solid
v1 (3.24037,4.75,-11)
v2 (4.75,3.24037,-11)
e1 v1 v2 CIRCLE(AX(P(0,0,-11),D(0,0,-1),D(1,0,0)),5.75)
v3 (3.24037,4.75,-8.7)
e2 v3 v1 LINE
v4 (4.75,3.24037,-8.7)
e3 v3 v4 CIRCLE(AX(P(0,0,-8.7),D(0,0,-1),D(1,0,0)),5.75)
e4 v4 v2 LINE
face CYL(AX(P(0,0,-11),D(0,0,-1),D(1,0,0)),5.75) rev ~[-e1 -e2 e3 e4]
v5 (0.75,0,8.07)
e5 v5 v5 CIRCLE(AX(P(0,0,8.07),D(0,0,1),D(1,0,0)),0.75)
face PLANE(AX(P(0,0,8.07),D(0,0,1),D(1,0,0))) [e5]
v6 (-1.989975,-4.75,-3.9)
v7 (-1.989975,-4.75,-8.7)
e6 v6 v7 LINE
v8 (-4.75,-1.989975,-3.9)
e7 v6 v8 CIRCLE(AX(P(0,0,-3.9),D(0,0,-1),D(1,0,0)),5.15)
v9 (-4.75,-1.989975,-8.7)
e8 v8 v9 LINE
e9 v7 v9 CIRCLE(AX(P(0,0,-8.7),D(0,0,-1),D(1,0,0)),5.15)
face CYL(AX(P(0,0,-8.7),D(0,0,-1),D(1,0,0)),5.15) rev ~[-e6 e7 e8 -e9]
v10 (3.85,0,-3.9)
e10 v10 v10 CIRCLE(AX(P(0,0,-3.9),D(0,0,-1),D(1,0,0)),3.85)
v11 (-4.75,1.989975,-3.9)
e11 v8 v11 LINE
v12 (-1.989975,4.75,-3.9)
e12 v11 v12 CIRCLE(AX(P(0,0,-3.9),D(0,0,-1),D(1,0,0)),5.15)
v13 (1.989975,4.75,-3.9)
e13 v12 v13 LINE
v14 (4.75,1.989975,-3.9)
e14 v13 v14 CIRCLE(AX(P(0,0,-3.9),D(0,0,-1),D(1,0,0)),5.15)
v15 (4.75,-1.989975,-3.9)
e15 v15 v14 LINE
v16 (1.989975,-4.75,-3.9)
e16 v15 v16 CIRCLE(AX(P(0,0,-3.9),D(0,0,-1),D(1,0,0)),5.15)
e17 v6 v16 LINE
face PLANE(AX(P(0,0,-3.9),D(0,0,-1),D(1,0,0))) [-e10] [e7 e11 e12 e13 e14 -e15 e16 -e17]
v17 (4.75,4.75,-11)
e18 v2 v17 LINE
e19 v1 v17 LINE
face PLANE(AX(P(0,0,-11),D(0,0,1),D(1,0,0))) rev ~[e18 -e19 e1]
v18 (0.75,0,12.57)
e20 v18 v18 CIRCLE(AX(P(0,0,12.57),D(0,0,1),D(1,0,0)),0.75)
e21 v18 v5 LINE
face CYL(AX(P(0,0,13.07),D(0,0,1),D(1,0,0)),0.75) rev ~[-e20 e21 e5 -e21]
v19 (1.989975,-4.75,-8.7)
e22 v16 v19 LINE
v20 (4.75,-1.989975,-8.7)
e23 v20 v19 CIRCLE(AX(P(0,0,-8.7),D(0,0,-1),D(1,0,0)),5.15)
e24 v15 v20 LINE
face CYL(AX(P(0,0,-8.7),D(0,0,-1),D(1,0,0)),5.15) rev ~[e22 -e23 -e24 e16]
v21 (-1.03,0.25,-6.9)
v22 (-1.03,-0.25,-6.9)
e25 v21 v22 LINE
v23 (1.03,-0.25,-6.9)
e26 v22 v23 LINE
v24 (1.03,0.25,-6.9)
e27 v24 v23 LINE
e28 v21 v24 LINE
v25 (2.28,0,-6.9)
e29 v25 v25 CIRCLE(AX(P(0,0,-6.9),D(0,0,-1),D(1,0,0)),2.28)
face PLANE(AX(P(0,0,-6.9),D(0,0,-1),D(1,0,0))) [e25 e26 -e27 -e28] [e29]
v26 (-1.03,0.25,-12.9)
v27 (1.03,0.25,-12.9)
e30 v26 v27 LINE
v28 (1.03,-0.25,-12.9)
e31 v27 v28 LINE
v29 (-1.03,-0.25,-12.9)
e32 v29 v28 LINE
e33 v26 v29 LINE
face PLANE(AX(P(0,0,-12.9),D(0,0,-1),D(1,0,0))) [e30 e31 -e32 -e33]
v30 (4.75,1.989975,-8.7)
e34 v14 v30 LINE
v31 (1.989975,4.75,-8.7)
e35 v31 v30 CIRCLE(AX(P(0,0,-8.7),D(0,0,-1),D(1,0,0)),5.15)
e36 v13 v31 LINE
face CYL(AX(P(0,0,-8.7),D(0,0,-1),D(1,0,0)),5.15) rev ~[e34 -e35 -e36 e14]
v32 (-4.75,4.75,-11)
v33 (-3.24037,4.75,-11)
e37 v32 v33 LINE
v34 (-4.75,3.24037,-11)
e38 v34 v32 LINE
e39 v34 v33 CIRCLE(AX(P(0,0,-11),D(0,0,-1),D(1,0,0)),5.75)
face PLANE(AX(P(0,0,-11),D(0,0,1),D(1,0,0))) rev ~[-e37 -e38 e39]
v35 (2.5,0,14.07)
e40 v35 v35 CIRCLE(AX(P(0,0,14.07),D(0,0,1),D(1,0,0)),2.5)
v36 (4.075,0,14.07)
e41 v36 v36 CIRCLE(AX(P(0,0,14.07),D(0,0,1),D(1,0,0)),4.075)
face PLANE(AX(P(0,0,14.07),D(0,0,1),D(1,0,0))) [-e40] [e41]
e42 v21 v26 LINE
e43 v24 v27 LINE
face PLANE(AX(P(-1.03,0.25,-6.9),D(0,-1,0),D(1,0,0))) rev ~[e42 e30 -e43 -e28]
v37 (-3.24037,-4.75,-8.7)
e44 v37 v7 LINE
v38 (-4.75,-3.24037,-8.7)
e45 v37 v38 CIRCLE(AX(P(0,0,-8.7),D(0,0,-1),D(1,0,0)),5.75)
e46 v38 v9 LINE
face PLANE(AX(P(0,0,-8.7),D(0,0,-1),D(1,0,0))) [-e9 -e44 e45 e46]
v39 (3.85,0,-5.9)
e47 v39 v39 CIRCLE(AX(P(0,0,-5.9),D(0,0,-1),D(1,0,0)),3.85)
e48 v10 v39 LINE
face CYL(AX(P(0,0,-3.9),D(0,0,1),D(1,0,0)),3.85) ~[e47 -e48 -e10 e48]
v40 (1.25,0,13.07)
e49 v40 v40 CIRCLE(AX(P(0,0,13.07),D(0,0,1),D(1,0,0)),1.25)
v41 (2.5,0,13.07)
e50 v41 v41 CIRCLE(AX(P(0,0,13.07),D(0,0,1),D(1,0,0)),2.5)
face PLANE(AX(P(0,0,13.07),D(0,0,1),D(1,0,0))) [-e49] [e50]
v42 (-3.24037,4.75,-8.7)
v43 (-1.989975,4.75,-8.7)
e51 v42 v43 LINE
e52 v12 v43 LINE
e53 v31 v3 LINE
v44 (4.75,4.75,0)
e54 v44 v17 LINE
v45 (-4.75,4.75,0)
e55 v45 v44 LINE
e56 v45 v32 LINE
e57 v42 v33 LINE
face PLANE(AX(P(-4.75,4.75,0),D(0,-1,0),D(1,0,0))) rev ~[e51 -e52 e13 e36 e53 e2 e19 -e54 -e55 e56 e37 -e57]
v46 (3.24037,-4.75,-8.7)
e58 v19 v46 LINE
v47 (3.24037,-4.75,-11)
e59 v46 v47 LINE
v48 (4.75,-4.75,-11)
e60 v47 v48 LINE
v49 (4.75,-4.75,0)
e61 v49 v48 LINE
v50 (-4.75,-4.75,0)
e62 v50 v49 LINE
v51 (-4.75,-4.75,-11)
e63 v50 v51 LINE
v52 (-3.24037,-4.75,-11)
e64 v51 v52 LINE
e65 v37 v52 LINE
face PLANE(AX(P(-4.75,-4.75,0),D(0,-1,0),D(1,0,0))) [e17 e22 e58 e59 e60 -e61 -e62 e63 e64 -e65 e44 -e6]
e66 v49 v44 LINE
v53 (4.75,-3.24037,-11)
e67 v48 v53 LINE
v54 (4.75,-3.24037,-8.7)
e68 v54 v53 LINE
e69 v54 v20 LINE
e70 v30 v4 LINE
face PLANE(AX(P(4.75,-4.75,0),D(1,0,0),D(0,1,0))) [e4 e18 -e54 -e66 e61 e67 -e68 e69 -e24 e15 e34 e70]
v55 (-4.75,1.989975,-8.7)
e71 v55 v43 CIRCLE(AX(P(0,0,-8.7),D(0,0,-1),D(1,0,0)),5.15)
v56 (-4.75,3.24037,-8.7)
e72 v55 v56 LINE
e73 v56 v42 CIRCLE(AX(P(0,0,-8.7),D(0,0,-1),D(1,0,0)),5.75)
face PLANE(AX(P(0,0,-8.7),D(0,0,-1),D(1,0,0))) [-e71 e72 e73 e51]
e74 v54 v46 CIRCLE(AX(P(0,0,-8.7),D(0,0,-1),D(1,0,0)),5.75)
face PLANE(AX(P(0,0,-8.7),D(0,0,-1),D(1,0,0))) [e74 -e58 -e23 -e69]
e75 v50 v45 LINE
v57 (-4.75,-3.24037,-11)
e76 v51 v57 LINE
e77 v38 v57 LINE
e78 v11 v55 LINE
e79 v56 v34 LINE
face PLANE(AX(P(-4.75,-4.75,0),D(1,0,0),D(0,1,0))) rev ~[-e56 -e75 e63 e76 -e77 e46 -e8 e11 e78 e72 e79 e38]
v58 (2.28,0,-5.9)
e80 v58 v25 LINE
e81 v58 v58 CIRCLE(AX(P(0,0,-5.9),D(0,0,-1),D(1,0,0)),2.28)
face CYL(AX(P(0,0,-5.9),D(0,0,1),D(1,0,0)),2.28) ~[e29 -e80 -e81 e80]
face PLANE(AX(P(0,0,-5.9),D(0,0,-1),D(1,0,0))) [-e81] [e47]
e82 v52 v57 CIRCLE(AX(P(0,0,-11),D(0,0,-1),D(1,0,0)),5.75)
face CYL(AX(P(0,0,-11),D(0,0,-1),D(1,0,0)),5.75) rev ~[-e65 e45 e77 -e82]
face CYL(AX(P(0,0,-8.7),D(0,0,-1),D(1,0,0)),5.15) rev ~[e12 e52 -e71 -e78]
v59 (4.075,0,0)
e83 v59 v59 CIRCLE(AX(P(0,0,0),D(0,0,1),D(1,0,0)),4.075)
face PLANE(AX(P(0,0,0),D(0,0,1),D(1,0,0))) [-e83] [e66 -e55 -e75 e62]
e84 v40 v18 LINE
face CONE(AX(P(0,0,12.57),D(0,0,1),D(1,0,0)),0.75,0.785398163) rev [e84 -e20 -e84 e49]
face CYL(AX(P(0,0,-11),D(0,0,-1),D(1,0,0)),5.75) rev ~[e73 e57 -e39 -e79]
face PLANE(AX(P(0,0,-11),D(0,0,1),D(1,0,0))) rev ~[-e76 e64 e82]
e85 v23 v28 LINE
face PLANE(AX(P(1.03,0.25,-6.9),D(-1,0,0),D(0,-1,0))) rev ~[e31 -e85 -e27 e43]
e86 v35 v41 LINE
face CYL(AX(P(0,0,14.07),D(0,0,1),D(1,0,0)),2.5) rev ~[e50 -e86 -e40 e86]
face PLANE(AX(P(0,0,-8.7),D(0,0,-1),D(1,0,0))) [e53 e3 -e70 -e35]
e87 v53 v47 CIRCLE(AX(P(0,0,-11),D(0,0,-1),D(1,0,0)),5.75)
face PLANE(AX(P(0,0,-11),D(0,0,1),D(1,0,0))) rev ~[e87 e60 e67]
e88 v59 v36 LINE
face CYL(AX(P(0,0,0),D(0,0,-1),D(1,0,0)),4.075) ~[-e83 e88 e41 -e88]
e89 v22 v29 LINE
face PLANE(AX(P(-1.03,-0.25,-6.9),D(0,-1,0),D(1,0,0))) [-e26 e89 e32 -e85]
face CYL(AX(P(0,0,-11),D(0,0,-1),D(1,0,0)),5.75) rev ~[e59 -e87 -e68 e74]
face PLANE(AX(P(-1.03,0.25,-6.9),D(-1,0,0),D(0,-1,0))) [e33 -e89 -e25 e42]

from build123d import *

# Parameters (mm, degrees)
SKETCH_W        = 9.5
SKETCH_H        = 9.5
PAD_DEPTH       = 11
SKETCH001_R     = 4.075
PAD001_DEPTH    = 14.07
SKETCH005_R     = 5.75
POCKET002_DEPTH = 2.3
SKETCH006_R     = 5.15
POCKET003_DEPTH = 4.8
SKETCH007_R     = 2.5
POCKET_DEPTH    = 1
SKETCH008_R     = 0.75
POCKET004_DEPTH = 5
CHAMFER_SIZE    = 0.5
SKETCH009_R     = 3.85
PAD002_DEPTH    = 2
SKETCH010_R     = 2.28
PAD003_DEPTH    = 1
SKETCH011_W     = 2.06
SKETCH011_H     = 0.5
PAD004_DEPTH    = 6


with BuildPart() as part:
    # Sketch → Pad (new body)
    with BuildSketch(Plane.XY):
        Rectangle(SKETCH_W, SKETCH_H)
    extrude(amount=-PAD_DEPTH)

    # Sketch001 (on Face5 of Pad) → Pad001 (join)
    with BuildSketch(Plane.XY):
        Circle(SKETCH001_R)
    extrude(amount=PAD001_DEPTH)

    # Sketch005 → Pocket002 (cut)
    with BuildSketch(Plane(origin=(0, 0, -11), x_dir=(1, 0, 0), z_dir=(0, 0, -1))):
        Circle(SKETCH005_R)
    extrude(amount=-POCKET002_DEPTH, mode=Mode.SUBTRACT)

    # Sketch006 (on Face6 of Pocket002) → Pocket003 (cut)
    with BuildSketch(Plane(origin=(0, 0, -8.7), x_dir=(1, 0, 0), z_dir=(0, 0, -1))):
        Circle(SKETCH006_R)
    extrude(amount=-POCKET003_DEPTH, mode=Mode.SUBTRACT)

    # Sketch007 (on Face24 of Pocket003) → Pocket (cut)
    with BuildSketch(Plane.XY.offset(14.07)):
        Circle(SKETCH007_R)
    extrude(amount=-POCKET_DEPTH, mode=Mode.SUBTRACT)

    # Sketch008 (on Face26 of Pocket) → Pocket004 (cut)
    with BuildSketch(Plane.XY.offset(13.07)):
        Circle(SKETCH008_R)
    extrude(amount=-POCKET004_DEPTH, mode=Mode.SUBTRACT)

    # Chamfer
    chamfer_edges = [part.edges().sort_by_distance(p)[0] for p in [
        (-0.75, 0, 13.07),
    ]]
    chamfer(chamfer_edges, length=CHAMFER_SIZE)

    # Sketch009 (on Face17 of Chamfer) → Pad002 (join)
    with BuildSketch(Plane(origin=(0, 0, -3.9), x_dir=(1, 0, 0), z_dir=(0, 0, -1))):
        Circle(SKETCH009_R)
    extrude(amount=PAD002_DEPTH)

    # Sketch010 (on Face31 of Pad002) → Pad003 (join)
    with BuildSketch(Plane(origin=(0, 0, -5.9), x_dir=(1, 0, 0), z_dir=(0, 0, -1))):
        Circle(SKETCH010_R)
    extrude(amount=PAD003_DEPTH)

    # Sketch011 (on Face33 of Pad003) → Pad004 (join)
    with BuildSketch(Plane(origin=(0, 0, -6.9), x_dir=(1, 0, 0), z_dir=(0, 0, -1))):
        Rectangle(SKETCH011_W, SKETCH011_H)
    extrude(amount=PAD004_DEPTH)


solid = part.part
